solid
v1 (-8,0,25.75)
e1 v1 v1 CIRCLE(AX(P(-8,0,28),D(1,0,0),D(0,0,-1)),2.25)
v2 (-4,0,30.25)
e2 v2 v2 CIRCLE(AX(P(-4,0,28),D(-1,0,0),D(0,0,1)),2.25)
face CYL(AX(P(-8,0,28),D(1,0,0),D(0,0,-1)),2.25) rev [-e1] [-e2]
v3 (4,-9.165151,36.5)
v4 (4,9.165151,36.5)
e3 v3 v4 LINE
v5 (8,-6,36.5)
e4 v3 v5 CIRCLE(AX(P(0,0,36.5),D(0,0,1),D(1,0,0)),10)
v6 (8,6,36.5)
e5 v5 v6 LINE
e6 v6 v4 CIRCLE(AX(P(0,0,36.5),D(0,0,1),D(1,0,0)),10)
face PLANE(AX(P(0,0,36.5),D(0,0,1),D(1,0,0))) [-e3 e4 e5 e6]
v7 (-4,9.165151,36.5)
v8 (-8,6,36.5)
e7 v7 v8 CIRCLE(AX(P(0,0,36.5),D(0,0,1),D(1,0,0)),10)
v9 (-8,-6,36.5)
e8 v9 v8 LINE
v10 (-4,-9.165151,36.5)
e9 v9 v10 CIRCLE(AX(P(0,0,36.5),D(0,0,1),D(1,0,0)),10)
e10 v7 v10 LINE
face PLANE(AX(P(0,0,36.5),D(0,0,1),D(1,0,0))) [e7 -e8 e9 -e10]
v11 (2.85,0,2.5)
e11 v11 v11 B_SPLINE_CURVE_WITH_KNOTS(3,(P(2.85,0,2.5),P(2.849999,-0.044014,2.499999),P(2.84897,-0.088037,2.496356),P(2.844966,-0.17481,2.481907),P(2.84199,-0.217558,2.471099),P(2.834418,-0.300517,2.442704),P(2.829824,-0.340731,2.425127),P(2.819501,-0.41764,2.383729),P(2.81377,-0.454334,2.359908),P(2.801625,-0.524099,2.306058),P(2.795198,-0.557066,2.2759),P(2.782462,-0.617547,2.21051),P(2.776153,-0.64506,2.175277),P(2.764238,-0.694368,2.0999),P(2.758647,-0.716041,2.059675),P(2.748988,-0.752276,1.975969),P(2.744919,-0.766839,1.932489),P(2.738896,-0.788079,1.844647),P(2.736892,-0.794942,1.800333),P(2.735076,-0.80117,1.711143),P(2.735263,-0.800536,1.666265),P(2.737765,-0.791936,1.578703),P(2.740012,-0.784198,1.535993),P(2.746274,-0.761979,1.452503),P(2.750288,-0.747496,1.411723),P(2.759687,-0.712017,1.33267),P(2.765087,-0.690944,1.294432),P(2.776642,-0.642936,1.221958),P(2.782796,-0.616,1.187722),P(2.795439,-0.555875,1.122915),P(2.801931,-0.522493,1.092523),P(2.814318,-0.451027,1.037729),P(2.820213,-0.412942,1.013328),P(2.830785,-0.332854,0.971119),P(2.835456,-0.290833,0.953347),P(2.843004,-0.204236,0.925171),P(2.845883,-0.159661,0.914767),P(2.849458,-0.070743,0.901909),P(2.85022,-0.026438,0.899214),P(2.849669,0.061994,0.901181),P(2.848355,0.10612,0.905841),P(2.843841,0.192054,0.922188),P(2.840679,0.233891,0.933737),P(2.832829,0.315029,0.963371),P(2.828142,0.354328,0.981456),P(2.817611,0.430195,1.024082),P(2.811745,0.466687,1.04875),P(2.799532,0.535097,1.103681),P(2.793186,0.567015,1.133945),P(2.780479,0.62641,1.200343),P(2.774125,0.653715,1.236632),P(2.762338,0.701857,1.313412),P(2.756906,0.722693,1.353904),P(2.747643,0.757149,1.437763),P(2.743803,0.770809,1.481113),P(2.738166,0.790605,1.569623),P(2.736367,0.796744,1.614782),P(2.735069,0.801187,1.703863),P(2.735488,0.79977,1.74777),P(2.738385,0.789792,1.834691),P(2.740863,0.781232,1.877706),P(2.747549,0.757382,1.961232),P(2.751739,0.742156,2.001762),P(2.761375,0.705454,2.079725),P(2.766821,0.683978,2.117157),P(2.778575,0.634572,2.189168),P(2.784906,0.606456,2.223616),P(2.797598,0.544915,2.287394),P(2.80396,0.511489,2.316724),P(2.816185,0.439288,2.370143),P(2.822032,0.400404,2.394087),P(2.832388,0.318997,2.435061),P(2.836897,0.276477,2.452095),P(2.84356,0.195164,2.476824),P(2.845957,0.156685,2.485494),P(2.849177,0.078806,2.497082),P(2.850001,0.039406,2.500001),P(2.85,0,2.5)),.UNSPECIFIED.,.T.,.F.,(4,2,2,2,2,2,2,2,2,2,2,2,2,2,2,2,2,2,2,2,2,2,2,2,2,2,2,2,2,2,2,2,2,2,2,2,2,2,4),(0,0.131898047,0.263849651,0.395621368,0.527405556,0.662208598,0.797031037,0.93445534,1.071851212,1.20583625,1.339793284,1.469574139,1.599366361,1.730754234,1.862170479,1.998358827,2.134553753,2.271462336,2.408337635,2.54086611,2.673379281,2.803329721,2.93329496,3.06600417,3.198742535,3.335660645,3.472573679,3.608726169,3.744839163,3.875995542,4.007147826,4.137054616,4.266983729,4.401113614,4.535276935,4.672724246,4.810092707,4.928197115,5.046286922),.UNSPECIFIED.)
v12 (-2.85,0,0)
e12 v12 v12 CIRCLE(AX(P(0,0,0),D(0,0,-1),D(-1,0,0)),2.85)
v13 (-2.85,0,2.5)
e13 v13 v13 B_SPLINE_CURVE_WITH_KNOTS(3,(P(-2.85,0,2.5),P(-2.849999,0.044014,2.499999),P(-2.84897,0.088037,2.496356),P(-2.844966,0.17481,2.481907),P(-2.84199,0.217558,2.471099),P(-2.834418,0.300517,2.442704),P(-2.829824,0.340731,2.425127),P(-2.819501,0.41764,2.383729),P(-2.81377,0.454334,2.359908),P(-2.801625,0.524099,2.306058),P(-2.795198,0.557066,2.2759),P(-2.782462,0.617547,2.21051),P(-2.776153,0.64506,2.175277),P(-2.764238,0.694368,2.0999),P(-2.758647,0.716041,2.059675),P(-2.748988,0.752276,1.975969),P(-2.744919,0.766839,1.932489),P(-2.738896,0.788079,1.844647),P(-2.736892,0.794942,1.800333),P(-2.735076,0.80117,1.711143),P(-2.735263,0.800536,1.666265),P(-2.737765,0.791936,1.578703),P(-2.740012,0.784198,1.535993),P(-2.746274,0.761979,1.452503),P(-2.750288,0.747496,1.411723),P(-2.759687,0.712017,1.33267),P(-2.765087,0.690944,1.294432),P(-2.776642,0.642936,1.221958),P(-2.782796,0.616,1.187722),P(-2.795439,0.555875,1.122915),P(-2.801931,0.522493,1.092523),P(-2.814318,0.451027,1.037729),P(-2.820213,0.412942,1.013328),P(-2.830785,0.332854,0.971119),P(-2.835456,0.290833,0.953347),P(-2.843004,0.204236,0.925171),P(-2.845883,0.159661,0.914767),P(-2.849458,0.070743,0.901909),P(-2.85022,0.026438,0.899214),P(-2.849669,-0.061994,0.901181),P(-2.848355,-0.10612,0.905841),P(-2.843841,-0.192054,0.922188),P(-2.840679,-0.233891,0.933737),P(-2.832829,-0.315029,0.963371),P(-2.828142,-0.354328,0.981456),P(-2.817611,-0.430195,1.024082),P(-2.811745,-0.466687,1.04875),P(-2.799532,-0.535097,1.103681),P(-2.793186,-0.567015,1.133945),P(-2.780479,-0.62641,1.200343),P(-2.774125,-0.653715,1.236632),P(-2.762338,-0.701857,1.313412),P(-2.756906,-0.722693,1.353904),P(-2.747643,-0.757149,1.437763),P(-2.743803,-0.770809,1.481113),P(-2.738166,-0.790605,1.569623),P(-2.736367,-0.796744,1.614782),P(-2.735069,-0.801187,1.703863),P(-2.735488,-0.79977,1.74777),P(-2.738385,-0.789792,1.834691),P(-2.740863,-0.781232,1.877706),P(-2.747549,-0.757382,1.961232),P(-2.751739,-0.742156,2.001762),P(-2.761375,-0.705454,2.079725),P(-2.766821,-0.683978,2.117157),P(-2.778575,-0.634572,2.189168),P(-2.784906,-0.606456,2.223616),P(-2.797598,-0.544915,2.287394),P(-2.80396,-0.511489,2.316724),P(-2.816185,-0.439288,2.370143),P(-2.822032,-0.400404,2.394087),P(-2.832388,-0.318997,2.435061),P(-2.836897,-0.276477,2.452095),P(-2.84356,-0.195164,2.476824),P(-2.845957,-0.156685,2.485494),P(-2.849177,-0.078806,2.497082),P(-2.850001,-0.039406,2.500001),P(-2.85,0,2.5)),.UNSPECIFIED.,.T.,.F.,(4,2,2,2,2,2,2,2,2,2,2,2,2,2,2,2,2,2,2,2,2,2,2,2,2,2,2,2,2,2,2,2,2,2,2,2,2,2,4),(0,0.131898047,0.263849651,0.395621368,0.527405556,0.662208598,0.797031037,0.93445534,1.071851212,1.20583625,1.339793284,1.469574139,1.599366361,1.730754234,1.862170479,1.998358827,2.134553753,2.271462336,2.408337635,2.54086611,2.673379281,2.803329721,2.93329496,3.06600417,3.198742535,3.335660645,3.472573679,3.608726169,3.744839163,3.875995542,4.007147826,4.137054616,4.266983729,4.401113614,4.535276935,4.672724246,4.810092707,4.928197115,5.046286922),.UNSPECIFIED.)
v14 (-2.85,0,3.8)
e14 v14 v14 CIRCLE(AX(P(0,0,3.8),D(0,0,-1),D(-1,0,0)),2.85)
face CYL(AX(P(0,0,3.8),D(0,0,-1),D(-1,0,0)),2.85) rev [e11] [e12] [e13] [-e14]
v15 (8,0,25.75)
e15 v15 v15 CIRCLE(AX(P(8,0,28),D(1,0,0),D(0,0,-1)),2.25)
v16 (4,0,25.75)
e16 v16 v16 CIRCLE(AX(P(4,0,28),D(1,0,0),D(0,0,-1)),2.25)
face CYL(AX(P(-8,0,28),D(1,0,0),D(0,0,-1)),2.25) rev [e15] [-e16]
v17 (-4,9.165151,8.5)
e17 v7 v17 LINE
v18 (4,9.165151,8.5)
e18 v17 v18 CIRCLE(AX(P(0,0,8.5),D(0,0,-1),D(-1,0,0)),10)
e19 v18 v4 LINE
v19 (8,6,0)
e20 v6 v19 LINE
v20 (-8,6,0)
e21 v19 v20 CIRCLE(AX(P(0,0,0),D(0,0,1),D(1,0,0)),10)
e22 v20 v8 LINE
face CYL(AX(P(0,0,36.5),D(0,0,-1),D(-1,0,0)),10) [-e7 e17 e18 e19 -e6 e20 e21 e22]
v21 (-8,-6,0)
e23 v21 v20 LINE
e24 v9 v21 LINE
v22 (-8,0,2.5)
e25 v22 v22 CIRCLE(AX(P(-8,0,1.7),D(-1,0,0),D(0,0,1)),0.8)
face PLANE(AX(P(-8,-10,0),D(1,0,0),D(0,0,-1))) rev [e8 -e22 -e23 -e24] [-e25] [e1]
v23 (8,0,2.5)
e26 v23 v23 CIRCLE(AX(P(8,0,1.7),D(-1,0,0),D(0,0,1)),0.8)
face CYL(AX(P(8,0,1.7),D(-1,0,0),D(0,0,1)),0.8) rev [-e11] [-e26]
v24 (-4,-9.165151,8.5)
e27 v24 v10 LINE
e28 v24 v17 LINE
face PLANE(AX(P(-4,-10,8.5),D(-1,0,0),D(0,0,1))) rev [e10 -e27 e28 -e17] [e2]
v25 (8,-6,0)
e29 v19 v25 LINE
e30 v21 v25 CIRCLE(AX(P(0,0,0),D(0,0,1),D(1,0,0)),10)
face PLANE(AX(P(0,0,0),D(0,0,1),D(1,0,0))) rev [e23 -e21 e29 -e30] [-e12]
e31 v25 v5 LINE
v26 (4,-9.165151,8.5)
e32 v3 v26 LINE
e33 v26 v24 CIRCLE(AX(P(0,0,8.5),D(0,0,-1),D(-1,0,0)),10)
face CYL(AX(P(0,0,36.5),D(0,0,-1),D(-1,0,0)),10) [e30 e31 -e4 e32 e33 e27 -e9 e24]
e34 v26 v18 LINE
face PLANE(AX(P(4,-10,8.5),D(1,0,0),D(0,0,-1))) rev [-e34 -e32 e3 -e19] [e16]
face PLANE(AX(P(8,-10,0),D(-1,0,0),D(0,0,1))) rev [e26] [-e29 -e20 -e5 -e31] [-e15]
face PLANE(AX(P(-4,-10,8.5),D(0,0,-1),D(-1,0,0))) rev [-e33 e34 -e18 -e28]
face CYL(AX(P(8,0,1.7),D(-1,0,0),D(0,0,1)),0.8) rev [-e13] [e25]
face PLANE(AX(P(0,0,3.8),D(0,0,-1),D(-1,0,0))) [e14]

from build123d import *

# Parameters (mm, degrees)
SKETCH_1_R               = 10
EXTRUDE_2_DEPTH          = 36.5
CUT_EXTRUDE_1_DEPTH      = 40.143965052
CUT_EXTRUDE_1_DEPTH_BACK = 40.143965052
SKETCH_3_W               = 8
SKETCH_3_H               = 28
CUT_EXTRUDE_2_DEPTH      = 40.143965052
CUT_EXTRUDE_2_DEPTH_BACK = 40.143965052
SKETCH_4_W               = 2
SKETCH_4_H               = 36.5
CUT_EXTRUDE_4_DEPTH      = 39.681390875
CUT_EXTRUDE_4_DEPTH_BACK = 39.681390875
SKETCH_6_R               = 2.25
SKETCH_7_R               = 2.85
CUT_EXTRUDE_5_DEPTH      = 3.8
SKETCH_8_R               = 0.8
CUT_EXTRUDE_6_DEPTH      = 42.088319508


with BuildPart() as part:
    # 草图1 → 凸台-拉伸2 (new body)
    with BuildSketch(Plane.XY):
        Circle(SKETCH_1_R)
    extrude(amount=EXTRUDE_2_DEPTH)

    # 草图3 → 切除-拉伸1 (cut, two sides: drawn at the far end of the back side and taken through both)
    with BuildSketch(Plane(origin=(0, 0, 0), x_dir=(1, 0, 0), z_dir=(0, 1, 0)).offset(-CUT_EXTRUDE_1_DEPTH_BACK)):
        with Locations((0, -22.5)):
            Rectangle(SKETCH_3_W, SKETCH_3_H)
    extrude(amount=CUT_EXTRUDE_1_DEPTH + CUT_EXTRUDE_1_DEPTH_BACK, mode=Mode.SUBTRACT)

    # 草图4 → 切除-拉伸2 (cut, two sides: drawn at the far end of the back side and taken through both)
    with BuildSketch(Plane(origin=(0, 0, 0), x_dir=(1, 0, 0), z_dir=(0, 1, 0)).offset(-CUT_EXTRUDE_2_DEPTH_BACK)):
        with Locations((-9, -18.25)):
            Rectangle(SKETCH_4_W, SKETCH_4_H)
        with Locations((9, -18.25)):
            Rectangle(SKETCH_4_W, SKETCH_4_H)
    extrude(amount=CUT_EXTRUDE_2_DEPTH + CUT_EXTRUDE_2_DEPTH_BACK, mode=Mode.SUBTRACT)

    # 草图6 → 切除-拉伸4 (cut, two sides: drawn at the far end of the back side and taken through both)
    with BuildSketch(Plane(origin=(0, 0, 0), x_dir=(0, 0, -1), z_dir=(1, 0, 0)).offset(-CUT_EXTRUDE_4_DEPTH_BACK)):
        with Locations((-28, 0)):
            Circle(SKETCH_6_R)
    extrude(amount=CUT_EXTRUDE_4_DEPTH + CUT_EXTRUDE_4_DEPTH_BACK, mode=Mode.SUBTRACT)

    # 草图7 → 切除-拉伸5 (cut)
    with BuildSketch(Plane(origin=(0, 0, 0), x_dir=(-1, 0, 0), z_dir=(0, 0, -1))):
        Circle(SKETCH_7_R)
    extrude(amount=-CUT_EXTRUDE_5_DEPTH, mode=Mode.SUBTRACT)

    # 草图8 → 切除-拉伸6 (cut, through all)
    with BuildSketch(Plane.ZY.offset(8)):
        with Locations((1.7, 0)):
            Circle(SKETCH_8_R)
    extrude(amount=-CUT_EXTRUDE_6_DEPTH, mode=Mode.SUBTRACT)


solid = part.part
